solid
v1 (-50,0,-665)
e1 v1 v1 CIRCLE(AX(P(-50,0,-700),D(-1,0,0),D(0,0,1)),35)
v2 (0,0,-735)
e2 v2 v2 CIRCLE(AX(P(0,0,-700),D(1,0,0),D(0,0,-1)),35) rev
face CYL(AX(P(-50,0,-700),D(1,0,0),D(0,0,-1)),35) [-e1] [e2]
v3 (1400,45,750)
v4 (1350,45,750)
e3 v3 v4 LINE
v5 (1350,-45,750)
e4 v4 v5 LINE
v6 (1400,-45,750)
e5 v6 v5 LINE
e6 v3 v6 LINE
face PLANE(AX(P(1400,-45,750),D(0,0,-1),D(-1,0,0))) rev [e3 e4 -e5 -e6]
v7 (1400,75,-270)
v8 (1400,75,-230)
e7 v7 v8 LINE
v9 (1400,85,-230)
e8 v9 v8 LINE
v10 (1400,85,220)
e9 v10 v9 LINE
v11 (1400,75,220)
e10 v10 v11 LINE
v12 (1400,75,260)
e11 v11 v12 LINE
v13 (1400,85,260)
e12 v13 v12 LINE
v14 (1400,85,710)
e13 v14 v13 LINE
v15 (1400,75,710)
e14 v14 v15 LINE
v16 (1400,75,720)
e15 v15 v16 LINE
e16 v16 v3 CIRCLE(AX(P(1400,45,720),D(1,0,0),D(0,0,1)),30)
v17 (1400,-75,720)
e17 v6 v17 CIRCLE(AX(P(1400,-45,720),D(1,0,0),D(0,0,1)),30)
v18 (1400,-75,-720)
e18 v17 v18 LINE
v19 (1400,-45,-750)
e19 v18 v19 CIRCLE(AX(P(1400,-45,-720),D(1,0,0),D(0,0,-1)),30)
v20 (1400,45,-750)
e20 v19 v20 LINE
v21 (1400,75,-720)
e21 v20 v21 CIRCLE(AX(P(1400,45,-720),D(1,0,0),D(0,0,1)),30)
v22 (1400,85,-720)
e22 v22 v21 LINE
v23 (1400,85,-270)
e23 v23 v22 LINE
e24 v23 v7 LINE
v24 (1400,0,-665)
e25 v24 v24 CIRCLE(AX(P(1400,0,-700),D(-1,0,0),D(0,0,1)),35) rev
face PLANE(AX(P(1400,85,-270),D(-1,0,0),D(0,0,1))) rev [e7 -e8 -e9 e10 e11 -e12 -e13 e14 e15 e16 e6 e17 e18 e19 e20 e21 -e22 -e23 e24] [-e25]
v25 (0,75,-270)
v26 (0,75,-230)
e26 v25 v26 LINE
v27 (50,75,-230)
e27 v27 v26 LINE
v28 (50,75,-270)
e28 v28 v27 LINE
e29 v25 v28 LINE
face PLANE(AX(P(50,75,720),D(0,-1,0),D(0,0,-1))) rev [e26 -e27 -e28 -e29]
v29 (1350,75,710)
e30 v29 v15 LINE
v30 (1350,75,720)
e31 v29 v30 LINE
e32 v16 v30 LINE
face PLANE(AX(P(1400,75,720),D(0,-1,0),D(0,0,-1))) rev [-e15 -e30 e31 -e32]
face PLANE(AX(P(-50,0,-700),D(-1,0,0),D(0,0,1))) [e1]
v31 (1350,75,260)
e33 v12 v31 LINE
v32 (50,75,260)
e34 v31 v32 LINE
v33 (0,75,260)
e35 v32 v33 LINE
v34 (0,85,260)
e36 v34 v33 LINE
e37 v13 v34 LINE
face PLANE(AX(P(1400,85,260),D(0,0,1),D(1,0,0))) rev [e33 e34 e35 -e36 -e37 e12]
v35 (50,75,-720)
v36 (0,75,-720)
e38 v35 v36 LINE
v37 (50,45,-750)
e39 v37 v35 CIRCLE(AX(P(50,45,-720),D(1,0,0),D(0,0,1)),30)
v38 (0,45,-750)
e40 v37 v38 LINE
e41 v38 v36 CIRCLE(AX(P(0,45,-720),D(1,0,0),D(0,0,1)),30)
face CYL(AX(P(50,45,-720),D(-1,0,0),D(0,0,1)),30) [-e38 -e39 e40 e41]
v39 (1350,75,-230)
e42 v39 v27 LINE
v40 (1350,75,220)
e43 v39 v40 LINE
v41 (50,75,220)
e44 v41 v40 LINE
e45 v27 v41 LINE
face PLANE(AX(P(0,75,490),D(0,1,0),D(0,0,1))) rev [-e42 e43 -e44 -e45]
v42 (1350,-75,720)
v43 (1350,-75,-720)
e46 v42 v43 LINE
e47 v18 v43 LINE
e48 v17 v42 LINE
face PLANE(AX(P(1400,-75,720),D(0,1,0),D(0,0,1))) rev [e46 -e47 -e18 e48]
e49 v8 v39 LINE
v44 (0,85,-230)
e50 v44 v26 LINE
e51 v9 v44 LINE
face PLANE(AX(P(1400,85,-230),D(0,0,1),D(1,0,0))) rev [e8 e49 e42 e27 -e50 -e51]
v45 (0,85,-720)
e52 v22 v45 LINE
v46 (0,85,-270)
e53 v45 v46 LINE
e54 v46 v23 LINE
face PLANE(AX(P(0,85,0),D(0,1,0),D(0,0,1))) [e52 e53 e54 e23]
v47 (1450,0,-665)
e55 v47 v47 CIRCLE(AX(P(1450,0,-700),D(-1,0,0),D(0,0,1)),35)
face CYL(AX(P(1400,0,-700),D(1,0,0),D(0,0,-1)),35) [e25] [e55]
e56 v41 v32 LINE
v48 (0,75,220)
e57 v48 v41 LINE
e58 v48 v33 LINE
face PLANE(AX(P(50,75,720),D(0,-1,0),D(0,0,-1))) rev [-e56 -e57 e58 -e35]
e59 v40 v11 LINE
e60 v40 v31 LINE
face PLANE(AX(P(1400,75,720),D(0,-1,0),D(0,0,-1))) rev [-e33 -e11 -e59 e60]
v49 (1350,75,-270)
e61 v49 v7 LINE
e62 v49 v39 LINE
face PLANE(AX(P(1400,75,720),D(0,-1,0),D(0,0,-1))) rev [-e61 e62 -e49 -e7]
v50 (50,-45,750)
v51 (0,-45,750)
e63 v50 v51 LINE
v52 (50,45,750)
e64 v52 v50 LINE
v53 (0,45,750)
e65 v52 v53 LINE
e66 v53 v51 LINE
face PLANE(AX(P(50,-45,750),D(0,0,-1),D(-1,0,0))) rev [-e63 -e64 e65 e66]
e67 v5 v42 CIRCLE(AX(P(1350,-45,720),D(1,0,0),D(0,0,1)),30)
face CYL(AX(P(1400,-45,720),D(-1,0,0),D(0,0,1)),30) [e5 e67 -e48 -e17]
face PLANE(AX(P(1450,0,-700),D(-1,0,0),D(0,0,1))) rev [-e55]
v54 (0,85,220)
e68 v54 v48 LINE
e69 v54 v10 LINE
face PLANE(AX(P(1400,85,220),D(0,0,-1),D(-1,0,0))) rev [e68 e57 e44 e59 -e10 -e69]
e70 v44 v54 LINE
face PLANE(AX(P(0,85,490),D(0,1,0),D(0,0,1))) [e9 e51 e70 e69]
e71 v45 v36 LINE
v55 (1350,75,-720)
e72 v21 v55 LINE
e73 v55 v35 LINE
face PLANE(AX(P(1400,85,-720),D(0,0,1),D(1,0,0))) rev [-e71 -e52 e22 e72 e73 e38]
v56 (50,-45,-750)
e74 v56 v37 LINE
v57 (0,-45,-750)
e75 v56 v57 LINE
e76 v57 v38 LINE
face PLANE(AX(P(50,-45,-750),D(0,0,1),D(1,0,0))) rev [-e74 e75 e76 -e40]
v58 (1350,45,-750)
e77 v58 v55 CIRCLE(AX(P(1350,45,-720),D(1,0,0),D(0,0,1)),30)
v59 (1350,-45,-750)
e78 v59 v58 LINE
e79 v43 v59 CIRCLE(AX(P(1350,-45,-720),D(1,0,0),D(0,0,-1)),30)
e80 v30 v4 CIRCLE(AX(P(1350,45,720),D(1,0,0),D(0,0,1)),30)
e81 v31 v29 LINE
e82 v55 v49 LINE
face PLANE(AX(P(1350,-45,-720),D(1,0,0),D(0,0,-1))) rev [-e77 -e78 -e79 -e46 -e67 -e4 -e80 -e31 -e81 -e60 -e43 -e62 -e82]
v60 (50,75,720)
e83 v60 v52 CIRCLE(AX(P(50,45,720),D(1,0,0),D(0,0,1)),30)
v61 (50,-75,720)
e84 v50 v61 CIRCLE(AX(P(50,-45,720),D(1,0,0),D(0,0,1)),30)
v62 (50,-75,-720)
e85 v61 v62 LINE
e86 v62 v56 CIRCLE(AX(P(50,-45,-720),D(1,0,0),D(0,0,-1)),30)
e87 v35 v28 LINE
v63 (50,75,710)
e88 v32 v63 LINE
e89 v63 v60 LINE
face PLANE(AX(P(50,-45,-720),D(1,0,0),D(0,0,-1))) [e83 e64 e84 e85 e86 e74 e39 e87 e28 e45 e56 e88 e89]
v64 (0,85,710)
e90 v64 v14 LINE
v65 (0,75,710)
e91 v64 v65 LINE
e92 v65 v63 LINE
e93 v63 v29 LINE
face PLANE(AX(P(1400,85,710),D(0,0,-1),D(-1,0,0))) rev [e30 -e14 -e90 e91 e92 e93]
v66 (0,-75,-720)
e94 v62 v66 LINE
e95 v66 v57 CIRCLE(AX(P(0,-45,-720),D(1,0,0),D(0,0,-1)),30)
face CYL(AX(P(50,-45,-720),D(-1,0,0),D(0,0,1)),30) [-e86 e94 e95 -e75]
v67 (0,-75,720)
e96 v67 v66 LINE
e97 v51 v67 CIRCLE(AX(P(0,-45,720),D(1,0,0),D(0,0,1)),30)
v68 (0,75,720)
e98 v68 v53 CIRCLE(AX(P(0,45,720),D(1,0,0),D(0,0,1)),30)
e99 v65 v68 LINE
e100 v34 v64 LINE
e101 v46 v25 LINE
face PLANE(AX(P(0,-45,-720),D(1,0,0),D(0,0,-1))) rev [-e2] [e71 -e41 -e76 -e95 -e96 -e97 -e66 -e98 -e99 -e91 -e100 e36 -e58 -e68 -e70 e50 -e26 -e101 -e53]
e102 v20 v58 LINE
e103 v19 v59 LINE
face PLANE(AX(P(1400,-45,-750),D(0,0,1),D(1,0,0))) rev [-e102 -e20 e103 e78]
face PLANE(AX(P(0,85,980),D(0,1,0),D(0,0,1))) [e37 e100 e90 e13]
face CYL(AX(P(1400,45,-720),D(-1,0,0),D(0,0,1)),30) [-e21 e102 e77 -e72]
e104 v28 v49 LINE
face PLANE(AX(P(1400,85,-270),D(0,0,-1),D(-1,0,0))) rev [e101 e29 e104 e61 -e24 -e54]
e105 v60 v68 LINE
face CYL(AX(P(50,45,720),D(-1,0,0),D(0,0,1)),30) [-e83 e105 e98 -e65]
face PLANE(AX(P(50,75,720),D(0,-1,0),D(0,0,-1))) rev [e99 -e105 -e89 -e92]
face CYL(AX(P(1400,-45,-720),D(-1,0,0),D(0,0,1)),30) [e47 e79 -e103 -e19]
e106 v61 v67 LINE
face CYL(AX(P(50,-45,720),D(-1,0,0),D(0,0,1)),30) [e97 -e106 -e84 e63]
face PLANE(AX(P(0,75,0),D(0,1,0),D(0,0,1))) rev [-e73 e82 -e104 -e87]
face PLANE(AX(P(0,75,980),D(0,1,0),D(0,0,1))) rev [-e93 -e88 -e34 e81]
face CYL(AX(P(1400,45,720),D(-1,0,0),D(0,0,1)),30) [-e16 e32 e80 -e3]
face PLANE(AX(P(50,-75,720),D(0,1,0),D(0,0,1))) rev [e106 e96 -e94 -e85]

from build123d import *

# Parameters (mm, degrees)
BOSS_EXTRUDE1_DEPTH = 50
SKETCH2_W           = 1400
SKETCH2_H           = 450
BOSS_EXTRUDE2_DEPTH = 10
LPATTERN1_COUNT     = 2
LPATTERN1_PITCH     = 1350
LPATTERN2_COUNT     = 3
LPATTERN2_PITCH     = 490
SKETCH3_R           = 35
BOSS_EXTRUDE3_DEPTH = 50
LPATTERN3_COUNT     = 2
LPATTERN3_PITCH     = 1450


with BuildPart() as part:
    # Sketch1 → Boss-Extrude1 (new body)
    with BuildSketch(Plane(origin=(0, 0, 0), x_dir=(0, 0, -1), z_dir=(1, 0, 0))):
        with BuildLine():
            Line((-720, -75), (720, -75))
            ThreePointArc((720, -75), (741.213203436, -66.213203436), (750, -45))
            Line((750, -45), (750, 45))
            ThreePointArc((750, 45), (741.213203436, 66.213203436), (720, 75))
            Line((720, 75), (-720, 75))
            ThreePointArc((-720, 75), (-741.213203436, 66.213203436), (-750, 45))
            Line((-750, 45), (-750, -45))
            ThreePointArc((-750, -45), (-741.213203436, -66.213203436), (-720, -75))
        make_face()
    boss_extrude1 = extrude(amount=BOSS_EXTRUDE1_DEPTH)

    # Sketch2 → Boss-Extrude2 (add)
    with BuildSketch(Plane(origin=(0, 75, 0), x_dir=(1, 0, 0), z_dir=(0, 1, 0))):
        with Locations((700, 495)):
            Rectangle(SKETCH2_W, SKETCH2_H)
    boss_extrude2 = extrude(amount=BOSS_EXTRUDE2_DEPTH)

    # LPattern1: Boss-Extrude1 ×2
    with Locations(*[(i * LPATTERN1_PITCH, 0, 0) for i in range(1, LPATTERN1_COUNT)]):
        add(boss_extrude1)

    # LPattern2: Boss-Extrude2 ×3
    with Locations(*[(0, 0, i * LPATTERN2_PITCH) for i in range(1, LPATTERN2_COUNT)]):
        add(boss_extrude2)

    # Sketch3 → Boss-Extrude3 (add)
    with BuildSketch(Plane.ZY):
        with Locations(Location((-700, 0, 0), (0, 0, 180))):
            Circle(SKETCH3_R)
    boss_extrude3 = extrude(amount=BOSS_EXTRUDE3_DEPTH)

    # LPattern3: Boss-Extrude3 ×2
    with Locations(*[(i * LPATTERN3_PITCH, 0, 0) for i in range(1, LPATTERN3_COUNT)]):
        add(boss_extrude3)


solid = part.part
